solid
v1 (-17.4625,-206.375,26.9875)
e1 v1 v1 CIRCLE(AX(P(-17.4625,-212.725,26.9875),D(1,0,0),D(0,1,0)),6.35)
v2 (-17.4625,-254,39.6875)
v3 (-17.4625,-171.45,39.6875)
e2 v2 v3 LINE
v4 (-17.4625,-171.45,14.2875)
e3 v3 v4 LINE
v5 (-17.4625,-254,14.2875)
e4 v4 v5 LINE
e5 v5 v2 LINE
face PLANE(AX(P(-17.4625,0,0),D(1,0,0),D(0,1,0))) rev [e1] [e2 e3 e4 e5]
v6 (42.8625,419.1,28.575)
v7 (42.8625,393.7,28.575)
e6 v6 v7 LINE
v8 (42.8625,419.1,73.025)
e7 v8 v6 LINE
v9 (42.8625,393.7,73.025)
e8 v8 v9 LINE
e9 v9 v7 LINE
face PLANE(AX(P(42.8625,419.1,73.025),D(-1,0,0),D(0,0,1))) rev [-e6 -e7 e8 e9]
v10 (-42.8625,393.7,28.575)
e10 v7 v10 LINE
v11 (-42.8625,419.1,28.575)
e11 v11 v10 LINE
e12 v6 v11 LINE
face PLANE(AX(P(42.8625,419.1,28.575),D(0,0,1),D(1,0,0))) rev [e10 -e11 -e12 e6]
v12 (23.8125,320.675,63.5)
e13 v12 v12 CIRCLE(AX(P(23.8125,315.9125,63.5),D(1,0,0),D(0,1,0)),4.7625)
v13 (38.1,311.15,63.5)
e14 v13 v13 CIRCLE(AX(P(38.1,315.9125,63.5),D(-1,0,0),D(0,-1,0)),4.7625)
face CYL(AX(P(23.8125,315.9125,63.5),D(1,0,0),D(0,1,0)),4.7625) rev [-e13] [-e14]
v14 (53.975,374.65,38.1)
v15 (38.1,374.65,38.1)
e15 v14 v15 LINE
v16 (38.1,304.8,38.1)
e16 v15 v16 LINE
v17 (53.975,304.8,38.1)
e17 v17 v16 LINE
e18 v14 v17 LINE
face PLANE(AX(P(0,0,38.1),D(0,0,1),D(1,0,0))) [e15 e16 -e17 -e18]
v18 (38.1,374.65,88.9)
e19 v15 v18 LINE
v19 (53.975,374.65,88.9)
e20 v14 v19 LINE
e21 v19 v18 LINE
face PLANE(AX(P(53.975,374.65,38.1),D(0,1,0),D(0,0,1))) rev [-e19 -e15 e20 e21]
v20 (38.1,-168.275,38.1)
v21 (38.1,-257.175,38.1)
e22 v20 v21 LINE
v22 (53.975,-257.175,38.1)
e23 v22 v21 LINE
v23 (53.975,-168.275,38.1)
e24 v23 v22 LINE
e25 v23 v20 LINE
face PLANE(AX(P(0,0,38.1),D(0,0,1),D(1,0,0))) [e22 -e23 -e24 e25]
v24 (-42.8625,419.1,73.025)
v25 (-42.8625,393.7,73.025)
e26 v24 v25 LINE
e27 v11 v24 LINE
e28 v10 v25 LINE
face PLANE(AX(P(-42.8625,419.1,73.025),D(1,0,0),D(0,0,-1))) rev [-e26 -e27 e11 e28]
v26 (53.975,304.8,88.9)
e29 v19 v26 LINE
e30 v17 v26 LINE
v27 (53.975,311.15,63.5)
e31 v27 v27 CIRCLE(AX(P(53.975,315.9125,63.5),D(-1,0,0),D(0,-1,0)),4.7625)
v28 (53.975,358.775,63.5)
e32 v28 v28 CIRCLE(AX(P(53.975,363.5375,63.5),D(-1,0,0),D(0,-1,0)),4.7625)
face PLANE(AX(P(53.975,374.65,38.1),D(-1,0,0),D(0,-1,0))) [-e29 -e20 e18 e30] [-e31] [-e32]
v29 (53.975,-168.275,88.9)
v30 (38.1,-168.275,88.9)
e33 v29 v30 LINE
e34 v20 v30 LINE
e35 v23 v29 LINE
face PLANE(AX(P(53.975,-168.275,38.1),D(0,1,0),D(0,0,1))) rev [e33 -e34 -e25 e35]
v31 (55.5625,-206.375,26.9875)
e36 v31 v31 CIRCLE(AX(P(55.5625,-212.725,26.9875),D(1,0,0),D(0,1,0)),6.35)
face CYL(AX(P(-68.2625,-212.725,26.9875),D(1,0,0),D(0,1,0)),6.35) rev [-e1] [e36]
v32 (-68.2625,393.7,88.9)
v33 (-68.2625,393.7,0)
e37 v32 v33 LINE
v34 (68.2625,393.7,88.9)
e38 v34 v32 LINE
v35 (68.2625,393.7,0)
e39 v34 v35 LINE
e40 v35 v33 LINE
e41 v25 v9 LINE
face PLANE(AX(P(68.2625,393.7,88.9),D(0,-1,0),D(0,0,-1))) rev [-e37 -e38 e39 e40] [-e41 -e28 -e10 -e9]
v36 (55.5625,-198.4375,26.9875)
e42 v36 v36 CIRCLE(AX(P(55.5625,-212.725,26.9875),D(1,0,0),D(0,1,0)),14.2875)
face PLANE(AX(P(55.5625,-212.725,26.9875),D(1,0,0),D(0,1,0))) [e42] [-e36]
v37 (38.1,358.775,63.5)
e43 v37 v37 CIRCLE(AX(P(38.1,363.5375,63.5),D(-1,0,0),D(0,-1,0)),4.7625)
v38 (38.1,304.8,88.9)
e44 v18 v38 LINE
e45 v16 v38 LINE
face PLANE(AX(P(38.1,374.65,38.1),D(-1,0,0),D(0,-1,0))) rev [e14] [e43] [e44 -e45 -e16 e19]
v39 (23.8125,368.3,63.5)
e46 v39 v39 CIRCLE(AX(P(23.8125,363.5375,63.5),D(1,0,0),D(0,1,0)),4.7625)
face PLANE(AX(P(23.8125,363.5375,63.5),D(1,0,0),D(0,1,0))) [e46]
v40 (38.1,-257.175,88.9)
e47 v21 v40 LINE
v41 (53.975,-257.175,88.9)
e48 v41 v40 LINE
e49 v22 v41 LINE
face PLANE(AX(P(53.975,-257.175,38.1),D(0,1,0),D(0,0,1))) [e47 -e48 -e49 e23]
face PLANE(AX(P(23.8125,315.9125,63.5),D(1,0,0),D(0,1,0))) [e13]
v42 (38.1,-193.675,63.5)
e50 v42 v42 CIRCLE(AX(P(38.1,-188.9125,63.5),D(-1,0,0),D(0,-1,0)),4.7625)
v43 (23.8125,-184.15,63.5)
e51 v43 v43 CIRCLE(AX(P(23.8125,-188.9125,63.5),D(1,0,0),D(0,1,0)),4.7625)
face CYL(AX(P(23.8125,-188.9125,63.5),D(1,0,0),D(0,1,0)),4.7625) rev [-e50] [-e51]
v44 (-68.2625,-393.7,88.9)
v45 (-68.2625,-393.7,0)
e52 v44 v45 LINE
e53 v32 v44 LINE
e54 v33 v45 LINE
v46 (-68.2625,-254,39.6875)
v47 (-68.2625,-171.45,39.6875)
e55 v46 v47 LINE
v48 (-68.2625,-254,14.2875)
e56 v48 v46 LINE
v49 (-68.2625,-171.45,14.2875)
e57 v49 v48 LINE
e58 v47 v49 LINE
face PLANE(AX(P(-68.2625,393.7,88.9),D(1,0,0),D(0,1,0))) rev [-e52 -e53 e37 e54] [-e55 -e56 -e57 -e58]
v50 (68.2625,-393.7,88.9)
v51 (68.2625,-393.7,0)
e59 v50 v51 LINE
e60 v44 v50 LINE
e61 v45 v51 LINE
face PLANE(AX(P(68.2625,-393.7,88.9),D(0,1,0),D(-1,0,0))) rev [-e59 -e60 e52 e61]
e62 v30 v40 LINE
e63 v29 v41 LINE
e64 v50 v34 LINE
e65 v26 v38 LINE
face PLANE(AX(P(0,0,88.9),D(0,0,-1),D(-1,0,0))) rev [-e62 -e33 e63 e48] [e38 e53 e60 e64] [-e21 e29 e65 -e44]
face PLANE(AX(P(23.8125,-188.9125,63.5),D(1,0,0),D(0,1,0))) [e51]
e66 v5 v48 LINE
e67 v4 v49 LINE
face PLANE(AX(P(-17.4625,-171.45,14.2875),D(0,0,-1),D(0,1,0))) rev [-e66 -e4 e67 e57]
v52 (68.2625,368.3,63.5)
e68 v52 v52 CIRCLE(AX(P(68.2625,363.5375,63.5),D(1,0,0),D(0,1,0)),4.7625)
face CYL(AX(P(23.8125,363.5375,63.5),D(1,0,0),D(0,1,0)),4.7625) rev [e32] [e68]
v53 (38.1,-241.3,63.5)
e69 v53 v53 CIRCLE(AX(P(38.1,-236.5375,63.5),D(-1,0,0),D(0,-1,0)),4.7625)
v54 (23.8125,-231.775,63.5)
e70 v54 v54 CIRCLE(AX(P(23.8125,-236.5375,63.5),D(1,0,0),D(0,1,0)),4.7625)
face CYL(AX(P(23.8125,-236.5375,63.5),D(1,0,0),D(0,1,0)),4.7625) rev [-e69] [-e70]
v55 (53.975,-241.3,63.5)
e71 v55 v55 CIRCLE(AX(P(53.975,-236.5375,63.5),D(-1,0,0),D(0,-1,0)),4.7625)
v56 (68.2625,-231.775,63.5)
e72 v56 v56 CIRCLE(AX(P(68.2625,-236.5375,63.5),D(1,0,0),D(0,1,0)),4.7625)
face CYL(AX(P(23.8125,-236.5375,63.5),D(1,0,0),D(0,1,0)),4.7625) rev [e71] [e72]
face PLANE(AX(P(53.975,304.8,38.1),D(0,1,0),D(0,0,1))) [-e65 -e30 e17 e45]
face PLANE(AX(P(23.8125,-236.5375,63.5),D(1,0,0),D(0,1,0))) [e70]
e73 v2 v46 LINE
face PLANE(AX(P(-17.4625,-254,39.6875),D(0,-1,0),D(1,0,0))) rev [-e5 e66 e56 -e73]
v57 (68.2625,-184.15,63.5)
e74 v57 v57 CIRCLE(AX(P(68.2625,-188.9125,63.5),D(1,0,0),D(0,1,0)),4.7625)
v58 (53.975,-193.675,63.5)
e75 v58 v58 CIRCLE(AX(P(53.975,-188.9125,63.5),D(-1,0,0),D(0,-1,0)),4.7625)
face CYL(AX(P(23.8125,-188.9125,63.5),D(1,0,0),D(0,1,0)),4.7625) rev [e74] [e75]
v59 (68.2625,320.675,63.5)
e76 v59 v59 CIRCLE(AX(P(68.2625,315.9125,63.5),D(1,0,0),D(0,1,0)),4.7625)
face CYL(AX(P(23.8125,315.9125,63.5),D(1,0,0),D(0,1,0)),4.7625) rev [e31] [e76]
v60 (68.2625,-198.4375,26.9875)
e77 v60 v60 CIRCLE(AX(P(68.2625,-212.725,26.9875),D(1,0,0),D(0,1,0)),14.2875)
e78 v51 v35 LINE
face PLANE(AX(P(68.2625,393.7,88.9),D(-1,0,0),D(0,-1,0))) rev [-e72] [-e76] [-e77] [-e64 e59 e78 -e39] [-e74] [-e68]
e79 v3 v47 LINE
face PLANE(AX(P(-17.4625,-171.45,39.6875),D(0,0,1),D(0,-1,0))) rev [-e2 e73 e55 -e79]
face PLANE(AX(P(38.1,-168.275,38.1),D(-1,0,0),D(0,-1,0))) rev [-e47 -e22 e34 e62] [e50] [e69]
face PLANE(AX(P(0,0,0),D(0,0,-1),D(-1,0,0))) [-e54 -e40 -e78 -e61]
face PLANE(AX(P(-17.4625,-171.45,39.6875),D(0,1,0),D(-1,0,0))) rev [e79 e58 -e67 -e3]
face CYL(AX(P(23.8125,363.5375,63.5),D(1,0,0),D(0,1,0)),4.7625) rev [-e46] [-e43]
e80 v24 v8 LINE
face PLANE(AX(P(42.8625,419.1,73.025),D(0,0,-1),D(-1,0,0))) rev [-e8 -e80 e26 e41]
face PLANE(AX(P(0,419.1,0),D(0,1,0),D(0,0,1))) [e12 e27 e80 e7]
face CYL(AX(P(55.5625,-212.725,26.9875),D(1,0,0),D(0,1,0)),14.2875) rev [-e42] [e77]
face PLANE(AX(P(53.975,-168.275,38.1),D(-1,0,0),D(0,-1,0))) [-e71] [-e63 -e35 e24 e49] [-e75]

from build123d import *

# Parameters (mm, degrees)
SKETCH2_W           = 136.525
SKETCH2_H           = 787.4
BOSS_EXTRUDE1_DEPTH = 88.9
SKETCH4_W           = 85.725
SKETCH4_H           = 44.45
BOSS_EXTRUDE2_DEPTH = 25.4
SKETCH5_W           = 25.4
SKETCH5_H           = 82.55
CUT_EXTRUDE1_DEPTH  = 50.8
SKETCH6_W           = 15.875
SKETCH6_H           = 69.85
SKETCH6_H_2         = 88.9
CUT_EXTRUDE2_DEPTH  = 50.8
SKETCH7_R           = 4.7625
CUT_EXTRUDE3_DEPTH  = 44.45
SKETCH7_3_R         = 14.2875
CUT_EXTRUDE4_DEPTH  = 12.7
SKETCH7_4_R         = 6.35
CUT_EXTRUDE5_DEPTH  = 450.652194062


with BuildPart() as part:
    # Sketch2 → Boss-Extrude1 (new body)
    with BuildSketch(Plane.XY):
        Rectangle(SKETCH2_W, SKETCH2_H)
    extrude(amount=BOSS_EXTRUDE1_DEPTH)

    # Sketch4 → Boss-Extrude2 (add)
    with BuildSketch(Plane(origin=(0, 393.7, 0), x_dir=(1, 0, 0), z_dir=(0, 1, 0))):
        with Locations((0, -50.8)):
            Rectangle(SKETCH4_W, SKETCH4_H)
    extrude(amount=BOSS_EXTRUDE2_DEPTH)

    # Sketch5 → Cut-Extrude1 (cut)
    with BuildSketch(Plane.ZY.offset(68.2625)):
        with Locations((26.9875, -212.725)):
            Rectangle(SKETCH5_W, SKETCH5_H)
    extrude(amount=-CUT_EXTRUDE1_DEPTH, mode=Mode.SUBTRACT)

    # Sketch6 → Cut-Extrude2 (cut)
    with BuildSketch(Plane.XY.offset(88.9)):
        with Locations((46.0375, 339.725)):
            Rectangle(SKETCH6_W, SKETCH6_H)
        with Locations((46.0375, -212.725)):
            Rectangle(SKETCH6_W, SKETCH6_H_2)
    extrude(amount=-CUT_EXTRUDE2_DEPTH, mode=Mode.SUBTRACT)

    # Sketch7 → Cut-Extrude3 (cut)
    with BuildSketch(Plane(origin=(68.2625, 0, 0), x_dir=(0, 0, -1), z_dir=(1, 0, 0))):
        with Locations((-63.5, -188.9125)):
            Circle(SKETCH7_R)
        with Locations((-63.5, -236.5375)):
            Circle(SKETCH7_R)
        with Locations((-63.5, 315.9125)):
            Circle(SKETCH7_R)
        with Locations((-63.5, 363.5375)):
            Circle(SKETCH7_R)
    extrude(amount=-CUT_EXTRUDE3_DEPTH, mode=Mode.SUBTRACT)

    # Sketch7<3> → Cut-Extrude4 (cut)
    with BuildSketch(Plane(origin=(68.2625, 0, 0), x_dir=(0, 0, -1), z_dir=(1, 0, 0))):
        with Locations((-26.9875, -212.725)):
            Circle(SKETCH7_3_R)
    extrude(amount=-CUT_EXTRUDE4_DEPTH, mode=Mode.SUBTRACT)

    # Sketch7<4> → Cut-Extrude5 (cut, through all)
    with BuildSketch(Plane(origin=(68.2625, 0, 0), x_dir=(0, 0, -1), z_dir=(1, 0, 0))):
        with Locations((-26.9875, -212.725)):
            Circle(SKETCH7_4_R)
    extrude(amount=-CUT_EXTRUDE5_DEPTH, mode=Mode.SUBTRACT)


solid = part.part
